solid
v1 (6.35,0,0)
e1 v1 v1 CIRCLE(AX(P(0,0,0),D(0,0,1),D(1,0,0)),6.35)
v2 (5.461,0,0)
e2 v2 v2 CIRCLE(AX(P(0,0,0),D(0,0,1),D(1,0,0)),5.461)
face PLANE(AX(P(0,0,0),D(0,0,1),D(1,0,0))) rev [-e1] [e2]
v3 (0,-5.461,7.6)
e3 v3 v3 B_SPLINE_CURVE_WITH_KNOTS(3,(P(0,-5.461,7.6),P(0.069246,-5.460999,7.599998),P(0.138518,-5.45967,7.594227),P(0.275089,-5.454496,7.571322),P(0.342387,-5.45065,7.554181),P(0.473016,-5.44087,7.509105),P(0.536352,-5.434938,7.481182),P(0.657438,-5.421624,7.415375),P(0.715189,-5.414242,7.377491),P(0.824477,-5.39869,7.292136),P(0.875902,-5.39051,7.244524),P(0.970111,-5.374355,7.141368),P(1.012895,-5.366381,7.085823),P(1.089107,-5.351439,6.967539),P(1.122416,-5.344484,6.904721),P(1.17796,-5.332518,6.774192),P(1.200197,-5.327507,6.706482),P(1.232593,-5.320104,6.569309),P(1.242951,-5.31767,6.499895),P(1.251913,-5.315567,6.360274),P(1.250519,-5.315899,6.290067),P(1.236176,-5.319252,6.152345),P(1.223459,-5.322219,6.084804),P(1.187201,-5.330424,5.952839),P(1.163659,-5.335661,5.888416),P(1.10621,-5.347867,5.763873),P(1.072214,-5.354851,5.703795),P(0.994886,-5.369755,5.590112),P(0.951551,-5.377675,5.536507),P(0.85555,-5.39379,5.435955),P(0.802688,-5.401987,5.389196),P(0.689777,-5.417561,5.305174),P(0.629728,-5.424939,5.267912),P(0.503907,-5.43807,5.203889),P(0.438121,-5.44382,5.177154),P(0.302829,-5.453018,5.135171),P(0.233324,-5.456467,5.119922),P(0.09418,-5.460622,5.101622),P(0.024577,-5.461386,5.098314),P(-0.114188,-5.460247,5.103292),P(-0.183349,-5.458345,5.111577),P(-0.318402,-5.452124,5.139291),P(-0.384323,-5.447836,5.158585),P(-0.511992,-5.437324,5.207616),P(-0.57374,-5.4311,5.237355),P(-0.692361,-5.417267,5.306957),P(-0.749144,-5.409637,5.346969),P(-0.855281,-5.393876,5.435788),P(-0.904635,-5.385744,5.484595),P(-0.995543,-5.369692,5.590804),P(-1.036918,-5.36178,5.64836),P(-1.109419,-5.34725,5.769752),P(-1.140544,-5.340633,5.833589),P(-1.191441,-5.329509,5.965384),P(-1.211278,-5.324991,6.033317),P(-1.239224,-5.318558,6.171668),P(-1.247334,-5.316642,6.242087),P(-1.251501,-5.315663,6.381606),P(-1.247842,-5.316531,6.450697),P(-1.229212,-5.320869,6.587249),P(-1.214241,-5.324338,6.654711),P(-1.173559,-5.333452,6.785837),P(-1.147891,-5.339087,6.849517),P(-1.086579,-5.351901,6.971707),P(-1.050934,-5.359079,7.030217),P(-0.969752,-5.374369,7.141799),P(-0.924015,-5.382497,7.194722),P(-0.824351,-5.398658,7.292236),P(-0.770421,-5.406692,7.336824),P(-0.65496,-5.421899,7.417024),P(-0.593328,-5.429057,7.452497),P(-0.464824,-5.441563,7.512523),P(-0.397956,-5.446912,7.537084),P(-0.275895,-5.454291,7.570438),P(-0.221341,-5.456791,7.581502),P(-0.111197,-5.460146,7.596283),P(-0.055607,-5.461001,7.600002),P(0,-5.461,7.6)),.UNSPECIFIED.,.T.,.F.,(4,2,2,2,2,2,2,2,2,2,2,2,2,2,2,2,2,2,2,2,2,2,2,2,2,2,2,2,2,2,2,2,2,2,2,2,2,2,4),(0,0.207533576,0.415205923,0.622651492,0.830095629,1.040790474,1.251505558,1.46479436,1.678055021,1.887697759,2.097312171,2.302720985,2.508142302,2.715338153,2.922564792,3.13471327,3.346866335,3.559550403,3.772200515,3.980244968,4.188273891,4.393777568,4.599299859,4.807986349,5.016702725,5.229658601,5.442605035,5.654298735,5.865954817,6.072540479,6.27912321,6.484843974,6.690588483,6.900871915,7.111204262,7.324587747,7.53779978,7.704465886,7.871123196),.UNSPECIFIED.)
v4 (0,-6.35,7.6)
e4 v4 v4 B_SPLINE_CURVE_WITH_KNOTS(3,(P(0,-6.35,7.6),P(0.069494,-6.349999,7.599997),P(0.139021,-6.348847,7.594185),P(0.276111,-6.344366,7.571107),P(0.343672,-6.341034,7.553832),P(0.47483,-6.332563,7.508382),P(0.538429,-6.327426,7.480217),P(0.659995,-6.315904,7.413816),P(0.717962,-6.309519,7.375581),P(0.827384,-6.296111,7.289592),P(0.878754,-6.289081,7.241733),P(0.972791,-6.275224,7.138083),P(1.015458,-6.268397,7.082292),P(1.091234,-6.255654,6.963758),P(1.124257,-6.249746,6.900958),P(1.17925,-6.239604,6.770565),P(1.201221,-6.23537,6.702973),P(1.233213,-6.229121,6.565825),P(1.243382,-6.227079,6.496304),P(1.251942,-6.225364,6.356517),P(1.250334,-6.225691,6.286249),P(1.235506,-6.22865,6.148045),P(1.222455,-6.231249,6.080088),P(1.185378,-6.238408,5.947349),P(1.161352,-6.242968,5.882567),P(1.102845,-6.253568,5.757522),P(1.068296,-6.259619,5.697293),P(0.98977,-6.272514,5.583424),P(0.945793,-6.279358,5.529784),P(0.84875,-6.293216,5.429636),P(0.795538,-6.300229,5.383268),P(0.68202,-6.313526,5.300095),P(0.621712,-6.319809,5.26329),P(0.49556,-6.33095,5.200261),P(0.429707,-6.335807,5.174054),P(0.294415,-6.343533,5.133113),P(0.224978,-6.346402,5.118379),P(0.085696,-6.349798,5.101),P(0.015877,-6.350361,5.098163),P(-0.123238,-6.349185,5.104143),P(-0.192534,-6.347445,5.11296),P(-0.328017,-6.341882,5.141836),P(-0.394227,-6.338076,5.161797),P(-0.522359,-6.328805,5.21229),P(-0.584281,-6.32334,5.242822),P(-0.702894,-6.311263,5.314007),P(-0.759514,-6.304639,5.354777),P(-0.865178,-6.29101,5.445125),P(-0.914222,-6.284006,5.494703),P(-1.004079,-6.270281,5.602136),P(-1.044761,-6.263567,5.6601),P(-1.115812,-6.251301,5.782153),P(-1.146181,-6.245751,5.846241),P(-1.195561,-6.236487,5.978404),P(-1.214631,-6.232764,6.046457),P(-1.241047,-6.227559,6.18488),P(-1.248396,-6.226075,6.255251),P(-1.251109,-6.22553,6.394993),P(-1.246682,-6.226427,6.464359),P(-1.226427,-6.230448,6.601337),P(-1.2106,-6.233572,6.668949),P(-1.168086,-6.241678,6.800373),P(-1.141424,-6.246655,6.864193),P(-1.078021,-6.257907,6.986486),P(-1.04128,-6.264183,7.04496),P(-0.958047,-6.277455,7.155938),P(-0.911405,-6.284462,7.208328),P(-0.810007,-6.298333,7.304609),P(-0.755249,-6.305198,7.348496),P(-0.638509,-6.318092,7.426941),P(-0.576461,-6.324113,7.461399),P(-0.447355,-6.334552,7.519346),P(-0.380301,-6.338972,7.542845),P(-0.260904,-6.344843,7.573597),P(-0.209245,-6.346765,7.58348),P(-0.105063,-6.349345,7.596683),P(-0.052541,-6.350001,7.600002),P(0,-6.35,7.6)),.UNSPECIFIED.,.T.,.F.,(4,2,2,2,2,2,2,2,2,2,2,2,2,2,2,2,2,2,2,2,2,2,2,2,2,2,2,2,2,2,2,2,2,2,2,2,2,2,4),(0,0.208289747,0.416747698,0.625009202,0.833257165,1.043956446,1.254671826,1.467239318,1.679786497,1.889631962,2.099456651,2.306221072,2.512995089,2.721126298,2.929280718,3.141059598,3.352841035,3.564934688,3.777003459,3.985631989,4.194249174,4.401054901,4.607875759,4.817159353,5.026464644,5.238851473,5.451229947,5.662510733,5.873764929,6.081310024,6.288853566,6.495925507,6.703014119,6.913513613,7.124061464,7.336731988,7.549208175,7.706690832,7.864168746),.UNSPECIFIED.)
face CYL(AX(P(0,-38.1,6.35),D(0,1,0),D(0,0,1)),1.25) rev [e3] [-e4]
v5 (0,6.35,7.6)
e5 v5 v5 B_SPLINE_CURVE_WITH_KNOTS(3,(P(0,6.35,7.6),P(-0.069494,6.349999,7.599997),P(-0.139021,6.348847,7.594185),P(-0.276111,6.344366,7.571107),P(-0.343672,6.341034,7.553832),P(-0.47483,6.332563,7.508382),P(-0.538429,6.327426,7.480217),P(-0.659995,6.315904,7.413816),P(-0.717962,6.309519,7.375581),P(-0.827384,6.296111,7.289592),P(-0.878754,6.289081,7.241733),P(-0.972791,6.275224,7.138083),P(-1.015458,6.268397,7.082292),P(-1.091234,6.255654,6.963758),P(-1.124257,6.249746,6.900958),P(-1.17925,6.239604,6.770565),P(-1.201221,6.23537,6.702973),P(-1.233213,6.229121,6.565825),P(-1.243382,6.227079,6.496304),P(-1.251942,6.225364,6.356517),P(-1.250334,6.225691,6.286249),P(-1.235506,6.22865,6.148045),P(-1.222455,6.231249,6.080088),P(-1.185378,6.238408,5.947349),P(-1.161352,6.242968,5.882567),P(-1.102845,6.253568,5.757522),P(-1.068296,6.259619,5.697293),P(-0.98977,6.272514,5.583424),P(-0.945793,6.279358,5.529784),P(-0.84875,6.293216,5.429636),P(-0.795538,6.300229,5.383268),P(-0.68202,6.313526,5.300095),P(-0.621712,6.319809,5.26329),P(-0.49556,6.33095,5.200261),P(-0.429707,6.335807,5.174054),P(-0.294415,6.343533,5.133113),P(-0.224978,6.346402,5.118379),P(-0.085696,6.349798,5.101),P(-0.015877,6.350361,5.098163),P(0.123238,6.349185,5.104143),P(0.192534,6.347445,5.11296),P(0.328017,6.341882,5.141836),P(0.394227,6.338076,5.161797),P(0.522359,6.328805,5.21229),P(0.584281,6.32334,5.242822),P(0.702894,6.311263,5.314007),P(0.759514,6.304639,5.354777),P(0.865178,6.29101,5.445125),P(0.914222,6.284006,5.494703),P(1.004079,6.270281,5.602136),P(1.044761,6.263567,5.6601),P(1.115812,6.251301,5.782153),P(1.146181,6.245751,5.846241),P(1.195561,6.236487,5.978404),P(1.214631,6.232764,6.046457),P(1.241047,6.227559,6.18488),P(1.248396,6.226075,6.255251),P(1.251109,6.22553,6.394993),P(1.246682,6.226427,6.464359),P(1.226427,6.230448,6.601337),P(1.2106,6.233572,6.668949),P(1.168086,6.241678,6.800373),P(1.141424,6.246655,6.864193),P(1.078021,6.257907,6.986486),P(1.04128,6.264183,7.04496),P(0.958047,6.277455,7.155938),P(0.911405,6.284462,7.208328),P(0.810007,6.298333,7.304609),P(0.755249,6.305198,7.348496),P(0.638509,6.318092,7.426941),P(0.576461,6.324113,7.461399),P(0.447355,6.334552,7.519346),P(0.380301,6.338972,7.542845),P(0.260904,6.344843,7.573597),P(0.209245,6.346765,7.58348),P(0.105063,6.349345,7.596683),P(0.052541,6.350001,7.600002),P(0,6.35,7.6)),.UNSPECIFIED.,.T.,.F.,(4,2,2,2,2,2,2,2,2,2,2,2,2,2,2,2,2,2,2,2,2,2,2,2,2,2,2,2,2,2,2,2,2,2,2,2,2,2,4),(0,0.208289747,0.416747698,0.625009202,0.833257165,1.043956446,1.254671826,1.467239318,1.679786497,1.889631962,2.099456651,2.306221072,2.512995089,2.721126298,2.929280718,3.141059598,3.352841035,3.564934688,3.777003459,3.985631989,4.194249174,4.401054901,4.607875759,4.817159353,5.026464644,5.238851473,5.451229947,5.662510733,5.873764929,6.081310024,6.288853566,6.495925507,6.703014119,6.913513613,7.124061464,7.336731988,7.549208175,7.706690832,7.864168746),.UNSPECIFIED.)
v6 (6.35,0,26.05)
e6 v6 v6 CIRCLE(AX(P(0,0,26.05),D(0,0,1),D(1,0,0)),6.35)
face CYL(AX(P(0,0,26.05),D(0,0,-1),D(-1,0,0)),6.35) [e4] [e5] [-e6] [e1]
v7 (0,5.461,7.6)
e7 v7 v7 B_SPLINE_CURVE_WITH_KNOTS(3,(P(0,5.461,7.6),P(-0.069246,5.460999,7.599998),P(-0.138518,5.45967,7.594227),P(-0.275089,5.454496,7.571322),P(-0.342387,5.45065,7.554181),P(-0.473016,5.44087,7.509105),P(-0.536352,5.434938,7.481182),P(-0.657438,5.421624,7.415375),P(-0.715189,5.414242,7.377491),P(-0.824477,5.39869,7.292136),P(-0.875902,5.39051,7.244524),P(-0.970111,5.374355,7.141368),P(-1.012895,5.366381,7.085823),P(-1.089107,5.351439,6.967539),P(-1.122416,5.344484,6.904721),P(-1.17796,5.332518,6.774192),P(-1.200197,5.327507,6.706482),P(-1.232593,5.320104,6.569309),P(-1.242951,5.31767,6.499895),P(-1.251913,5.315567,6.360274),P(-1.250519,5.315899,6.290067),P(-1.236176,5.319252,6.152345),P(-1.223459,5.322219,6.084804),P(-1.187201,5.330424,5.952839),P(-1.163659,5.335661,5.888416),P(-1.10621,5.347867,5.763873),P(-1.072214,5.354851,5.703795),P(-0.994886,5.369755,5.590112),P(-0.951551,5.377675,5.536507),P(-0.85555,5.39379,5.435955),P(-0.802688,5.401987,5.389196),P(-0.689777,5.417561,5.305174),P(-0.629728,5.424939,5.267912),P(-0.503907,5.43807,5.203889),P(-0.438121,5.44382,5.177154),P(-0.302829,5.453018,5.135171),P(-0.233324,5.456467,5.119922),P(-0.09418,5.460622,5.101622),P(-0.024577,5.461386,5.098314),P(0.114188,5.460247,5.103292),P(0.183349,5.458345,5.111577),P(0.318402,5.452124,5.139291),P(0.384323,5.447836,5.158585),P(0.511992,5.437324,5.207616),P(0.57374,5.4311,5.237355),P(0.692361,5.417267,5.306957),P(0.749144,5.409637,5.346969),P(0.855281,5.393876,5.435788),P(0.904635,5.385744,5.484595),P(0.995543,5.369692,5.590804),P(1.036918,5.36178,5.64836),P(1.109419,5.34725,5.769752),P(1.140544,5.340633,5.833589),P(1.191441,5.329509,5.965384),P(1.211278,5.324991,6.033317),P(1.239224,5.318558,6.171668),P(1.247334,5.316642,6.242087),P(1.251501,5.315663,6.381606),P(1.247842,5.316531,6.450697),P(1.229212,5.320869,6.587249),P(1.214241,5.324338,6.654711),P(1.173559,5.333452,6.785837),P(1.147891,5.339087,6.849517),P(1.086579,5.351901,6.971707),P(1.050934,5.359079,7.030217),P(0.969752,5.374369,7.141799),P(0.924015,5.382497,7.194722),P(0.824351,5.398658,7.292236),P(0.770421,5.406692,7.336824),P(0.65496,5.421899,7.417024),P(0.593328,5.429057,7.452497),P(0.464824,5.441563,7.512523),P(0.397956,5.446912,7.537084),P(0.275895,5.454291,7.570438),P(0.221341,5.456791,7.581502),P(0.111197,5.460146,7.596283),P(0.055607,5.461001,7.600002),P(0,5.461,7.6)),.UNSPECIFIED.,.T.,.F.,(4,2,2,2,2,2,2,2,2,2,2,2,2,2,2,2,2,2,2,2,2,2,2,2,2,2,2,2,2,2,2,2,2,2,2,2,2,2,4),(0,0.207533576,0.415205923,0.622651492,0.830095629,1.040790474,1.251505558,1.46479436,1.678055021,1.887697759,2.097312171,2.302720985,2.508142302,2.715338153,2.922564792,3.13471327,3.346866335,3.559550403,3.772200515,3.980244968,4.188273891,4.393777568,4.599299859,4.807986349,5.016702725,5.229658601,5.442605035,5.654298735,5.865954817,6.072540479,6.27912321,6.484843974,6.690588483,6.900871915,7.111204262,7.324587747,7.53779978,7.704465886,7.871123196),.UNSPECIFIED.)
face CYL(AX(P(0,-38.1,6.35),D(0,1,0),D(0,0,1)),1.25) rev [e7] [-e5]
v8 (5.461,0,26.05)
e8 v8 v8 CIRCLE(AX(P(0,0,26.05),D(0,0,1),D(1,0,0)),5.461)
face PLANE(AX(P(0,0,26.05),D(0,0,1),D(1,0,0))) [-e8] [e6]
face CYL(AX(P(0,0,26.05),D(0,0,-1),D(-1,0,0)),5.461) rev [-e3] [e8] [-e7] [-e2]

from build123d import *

# Parameters (mm, degrees)
SKETCH1_R               = 6.35
SKETCH1_R_2             = 5.461
EXTRUDE1_DEPTH          = 26.05
CUT_EXTRUDE1_DEPTH      = 38.1
CUT_EXTRUDE1_DEPTH_BACK = 38.1
SKETCH2_R               = 1.25


with BuildPart() as part:
    # Sketch1 → Extrude1 (new body)
    with BuildSketch(Plane.XY):
        Circle(SKETCH1_R)
        Circle(SKETCH1_R_2, mode=Mode.SUBTRACT)
    extrude(amount=EXTRUDE1_DEPTH)

    # Sketch2 → Cut-Extrude1 (cut, two sides: drawn at the far end of the back side and taken through both)
    with BuildSketch(Plane(origin=(0, 0, 0), x_dir=(1, 0, 0), z_dir=(0, 1, 0)).offset(-CUT_EXTRUDE1_DEPTH_BACK)):
        with Locations((0, -6.35)):
            Circle(SKETCH2_R)
    extrude(amount=CUT_EXTRUDE1_DEPTH + CUT_EXTRUDE1_DEPTH_BACK, mode=Mode.SUBTRACT)


solid = part.part
